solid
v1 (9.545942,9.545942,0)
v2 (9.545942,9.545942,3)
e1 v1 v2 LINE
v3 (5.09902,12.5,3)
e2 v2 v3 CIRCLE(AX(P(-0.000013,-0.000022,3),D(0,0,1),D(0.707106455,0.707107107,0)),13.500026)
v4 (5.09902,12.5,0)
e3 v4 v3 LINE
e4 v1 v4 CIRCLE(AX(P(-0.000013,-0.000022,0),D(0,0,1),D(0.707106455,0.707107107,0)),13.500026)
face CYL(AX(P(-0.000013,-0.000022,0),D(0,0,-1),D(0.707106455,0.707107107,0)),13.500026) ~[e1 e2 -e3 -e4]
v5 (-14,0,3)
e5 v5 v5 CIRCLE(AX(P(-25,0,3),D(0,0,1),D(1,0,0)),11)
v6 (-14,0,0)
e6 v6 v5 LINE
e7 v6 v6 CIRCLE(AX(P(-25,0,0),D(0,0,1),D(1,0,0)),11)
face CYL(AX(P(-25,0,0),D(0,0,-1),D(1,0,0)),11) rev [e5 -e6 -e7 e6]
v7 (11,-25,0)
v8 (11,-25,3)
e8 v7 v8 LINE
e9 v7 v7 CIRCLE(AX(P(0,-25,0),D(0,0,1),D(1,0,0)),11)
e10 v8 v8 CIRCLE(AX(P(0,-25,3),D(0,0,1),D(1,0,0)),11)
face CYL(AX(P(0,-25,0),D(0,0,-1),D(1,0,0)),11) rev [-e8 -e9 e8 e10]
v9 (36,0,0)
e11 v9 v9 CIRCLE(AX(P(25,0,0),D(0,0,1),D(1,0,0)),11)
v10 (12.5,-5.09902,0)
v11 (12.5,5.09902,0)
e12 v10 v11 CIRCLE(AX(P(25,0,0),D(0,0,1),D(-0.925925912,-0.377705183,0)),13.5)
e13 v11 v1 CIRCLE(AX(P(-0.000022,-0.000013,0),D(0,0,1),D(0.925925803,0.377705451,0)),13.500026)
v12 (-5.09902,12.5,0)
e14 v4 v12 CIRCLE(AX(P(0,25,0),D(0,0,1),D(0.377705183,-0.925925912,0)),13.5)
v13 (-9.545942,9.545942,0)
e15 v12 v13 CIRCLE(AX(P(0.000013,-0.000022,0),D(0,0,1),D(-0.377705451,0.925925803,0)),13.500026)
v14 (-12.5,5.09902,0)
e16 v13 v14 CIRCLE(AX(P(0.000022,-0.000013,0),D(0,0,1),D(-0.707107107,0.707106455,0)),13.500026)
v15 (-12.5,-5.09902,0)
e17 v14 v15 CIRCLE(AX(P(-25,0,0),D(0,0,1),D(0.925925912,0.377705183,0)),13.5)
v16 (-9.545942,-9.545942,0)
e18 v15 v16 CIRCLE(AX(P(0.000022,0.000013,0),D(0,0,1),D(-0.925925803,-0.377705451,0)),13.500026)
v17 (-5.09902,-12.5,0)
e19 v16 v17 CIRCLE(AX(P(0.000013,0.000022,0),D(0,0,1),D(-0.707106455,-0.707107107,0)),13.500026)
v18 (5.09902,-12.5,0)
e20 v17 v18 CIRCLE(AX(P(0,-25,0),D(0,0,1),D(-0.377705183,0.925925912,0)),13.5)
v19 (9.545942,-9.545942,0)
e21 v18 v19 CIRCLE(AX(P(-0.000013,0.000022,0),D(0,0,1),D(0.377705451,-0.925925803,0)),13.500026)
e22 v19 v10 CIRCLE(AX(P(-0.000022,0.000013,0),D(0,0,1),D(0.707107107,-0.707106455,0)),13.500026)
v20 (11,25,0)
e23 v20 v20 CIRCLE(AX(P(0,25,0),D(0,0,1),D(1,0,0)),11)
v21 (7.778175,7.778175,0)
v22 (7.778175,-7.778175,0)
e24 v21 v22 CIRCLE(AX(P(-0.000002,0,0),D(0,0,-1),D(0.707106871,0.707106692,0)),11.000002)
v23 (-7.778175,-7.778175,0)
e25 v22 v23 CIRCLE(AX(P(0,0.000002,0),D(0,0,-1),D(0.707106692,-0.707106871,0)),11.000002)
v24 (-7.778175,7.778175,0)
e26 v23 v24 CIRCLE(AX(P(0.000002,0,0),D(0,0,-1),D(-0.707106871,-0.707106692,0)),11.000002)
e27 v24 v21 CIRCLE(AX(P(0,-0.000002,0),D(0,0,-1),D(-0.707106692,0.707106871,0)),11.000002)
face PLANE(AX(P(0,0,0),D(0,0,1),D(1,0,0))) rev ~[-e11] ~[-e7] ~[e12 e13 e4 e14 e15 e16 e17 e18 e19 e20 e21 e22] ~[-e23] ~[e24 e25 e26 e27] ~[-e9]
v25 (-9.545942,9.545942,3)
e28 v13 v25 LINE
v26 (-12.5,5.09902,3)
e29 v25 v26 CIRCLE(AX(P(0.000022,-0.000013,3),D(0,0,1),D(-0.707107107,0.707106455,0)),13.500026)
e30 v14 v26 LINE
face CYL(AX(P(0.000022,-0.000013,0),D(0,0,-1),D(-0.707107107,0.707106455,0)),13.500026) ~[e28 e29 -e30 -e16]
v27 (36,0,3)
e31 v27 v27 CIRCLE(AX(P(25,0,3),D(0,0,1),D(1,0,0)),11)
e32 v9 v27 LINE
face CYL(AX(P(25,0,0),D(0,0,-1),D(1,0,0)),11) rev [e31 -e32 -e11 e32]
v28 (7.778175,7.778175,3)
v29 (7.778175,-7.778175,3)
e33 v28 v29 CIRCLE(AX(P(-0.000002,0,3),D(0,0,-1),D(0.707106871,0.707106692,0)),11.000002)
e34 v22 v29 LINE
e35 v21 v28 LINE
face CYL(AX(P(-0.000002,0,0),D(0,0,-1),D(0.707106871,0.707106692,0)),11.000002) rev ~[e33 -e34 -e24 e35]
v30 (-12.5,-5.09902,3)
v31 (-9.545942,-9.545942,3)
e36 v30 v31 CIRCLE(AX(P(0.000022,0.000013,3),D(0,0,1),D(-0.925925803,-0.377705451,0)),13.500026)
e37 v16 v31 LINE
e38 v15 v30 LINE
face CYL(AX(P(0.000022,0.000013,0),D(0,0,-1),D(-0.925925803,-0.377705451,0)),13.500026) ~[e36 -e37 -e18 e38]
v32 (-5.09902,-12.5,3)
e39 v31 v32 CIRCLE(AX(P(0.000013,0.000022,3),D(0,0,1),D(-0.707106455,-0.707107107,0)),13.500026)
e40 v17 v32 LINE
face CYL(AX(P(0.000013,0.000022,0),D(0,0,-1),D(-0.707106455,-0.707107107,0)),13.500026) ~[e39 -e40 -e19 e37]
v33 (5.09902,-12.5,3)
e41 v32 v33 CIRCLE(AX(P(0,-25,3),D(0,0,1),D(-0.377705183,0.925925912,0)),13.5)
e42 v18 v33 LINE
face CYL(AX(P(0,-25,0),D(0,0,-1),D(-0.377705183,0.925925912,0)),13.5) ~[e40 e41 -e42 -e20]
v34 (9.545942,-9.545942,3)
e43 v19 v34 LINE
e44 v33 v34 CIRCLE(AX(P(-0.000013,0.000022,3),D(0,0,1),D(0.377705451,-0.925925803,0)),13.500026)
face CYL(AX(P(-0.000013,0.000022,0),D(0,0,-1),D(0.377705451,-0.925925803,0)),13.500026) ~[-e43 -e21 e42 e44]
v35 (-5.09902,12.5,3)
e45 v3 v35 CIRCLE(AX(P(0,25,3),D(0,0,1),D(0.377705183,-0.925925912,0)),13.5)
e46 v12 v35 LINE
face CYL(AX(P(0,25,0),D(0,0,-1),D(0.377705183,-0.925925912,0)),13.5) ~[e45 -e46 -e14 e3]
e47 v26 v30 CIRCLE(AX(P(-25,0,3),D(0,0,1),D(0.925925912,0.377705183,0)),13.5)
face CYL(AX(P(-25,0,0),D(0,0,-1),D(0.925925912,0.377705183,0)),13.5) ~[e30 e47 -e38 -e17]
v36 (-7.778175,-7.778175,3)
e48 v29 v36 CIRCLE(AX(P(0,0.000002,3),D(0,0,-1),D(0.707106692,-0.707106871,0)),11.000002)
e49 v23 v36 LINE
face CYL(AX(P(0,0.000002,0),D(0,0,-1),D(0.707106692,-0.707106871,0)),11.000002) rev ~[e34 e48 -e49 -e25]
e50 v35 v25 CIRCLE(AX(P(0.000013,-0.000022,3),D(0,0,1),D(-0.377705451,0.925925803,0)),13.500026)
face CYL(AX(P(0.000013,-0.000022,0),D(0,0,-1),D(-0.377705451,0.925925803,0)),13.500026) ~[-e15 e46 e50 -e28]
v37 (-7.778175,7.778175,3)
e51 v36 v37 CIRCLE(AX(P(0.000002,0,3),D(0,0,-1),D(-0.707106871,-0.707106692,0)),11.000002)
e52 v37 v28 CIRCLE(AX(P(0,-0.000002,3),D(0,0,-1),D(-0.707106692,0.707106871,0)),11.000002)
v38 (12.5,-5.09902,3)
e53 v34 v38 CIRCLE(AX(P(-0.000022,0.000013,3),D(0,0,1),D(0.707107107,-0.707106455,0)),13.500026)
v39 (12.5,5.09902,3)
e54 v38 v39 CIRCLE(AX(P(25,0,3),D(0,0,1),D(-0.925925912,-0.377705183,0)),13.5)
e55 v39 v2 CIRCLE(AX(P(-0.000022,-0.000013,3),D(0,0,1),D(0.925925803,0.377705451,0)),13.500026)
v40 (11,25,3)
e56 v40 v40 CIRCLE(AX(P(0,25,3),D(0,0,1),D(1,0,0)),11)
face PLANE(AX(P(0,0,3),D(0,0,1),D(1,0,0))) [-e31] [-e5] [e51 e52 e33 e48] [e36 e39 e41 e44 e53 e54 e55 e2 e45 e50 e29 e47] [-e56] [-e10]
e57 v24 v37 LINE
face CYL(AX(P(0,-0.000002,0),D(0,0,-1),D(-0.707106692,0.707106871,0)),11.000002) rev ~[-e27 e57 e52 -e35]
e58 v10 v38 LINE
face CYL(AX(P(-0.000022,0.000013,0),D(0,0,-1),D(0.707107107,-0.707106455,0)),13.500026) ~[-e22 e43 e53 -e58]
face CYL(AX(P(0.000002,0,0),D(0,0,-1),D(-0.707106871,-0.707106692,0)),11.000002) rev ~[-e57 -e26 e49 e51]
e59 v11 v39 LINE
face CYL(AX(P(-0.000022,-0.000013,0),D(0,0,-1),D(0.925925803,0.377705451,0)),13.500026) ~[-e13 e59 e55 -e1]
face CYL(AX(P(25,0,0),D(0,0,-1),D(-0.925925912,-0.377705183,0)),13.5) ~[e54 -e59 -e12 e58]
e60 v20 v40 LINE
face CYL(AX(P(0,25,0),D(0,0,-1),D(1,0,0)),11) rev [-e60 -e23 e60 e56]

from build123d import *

# Parameters (mm, degrees)
F0_R     = 11
F1_DEPTH = 3


with BuildPart() as f1:
    # F0 (on Top) → F1 (new body)
    with BuildSketch(Plane.XY):
        with BuildLine():
            ThreePointArc((5.09902, 12.5), (0, 38.5), (-5.09902, 12.5))
            ThreePointArc((-5.09902, 12.5), (-7.469962, 11.244984), (-9.545942, 9.545942))
            ThreePointArc((-9.545942, 9.545942), (-11.244984, 7.469962), (-12.5, 5.09902))
            ThreePointArc((-12.5, 5.09902), (-38.5, 0), (-12.5, -5.09902))
            ThreePointArc((-12.5, -5.09902), (-11.244984, -7.469962), (-9.545942, -9.545942))
            ThreePointArc((-9.545942, -9.545942), (-7.469962, -11.244984), (-5.09902, -12.5))
            ThreePointArc((-5.09902, -12.5), (0, -38.5), (5.09902, -12.5))
            ThreePointArc((5.09902, -12.5), (7.469962, -11.244984), (9.545942, -9.545942))
            ThreePointArc((9.545942, -9.545942), (11.244984, -7.469962), (12.5, -5.09902))
            ThreePointArc((12.5, -5.09902), (38.5, 0), (12.5, 5.09902))
            ThreePointArc((12.5, 5.09902), (11.244984, 7.469962), (9.545942, 9.545942))
            ThreePointArc((9.545942, 9.545942), (7.469962, 11.244984), (5.09902, 12.5))
        make_face()
        with Locations((0, -25)):
            Circle(F0_R, mode=Mode.SUBTRACT)
        with Locations((-25, 0)):
            Circle(F0_R, mode=Mode.SUBTRACT)
        with BuildLine():
            ThreePointArc((-7.778175, 7.778175), (0, 11), (7.778175, 7.778175))
            ThreePointArc((7.778175, 7.778175), (11, 0), (7.778175, -7.778175))
            ThreePointArc((7.778175, -7.778175), (0, -11), (-7.778175, -7.778175))
            ThreePointArc((-7.778175, -7.778175), (-11, 0), (-7.778175, 7.778175))
        make_face(mode=Mode.SUBTRACT)
        with Locations((25, 0)):
            Circle(F0_R, mode=Mode.SUBTRACT)
        with Locations((0, 25)):
            Circle(F0_R, mode=Mode.SUBTRACT)
    extrude(amount=F1_DEPTH)


solid = f1.part
